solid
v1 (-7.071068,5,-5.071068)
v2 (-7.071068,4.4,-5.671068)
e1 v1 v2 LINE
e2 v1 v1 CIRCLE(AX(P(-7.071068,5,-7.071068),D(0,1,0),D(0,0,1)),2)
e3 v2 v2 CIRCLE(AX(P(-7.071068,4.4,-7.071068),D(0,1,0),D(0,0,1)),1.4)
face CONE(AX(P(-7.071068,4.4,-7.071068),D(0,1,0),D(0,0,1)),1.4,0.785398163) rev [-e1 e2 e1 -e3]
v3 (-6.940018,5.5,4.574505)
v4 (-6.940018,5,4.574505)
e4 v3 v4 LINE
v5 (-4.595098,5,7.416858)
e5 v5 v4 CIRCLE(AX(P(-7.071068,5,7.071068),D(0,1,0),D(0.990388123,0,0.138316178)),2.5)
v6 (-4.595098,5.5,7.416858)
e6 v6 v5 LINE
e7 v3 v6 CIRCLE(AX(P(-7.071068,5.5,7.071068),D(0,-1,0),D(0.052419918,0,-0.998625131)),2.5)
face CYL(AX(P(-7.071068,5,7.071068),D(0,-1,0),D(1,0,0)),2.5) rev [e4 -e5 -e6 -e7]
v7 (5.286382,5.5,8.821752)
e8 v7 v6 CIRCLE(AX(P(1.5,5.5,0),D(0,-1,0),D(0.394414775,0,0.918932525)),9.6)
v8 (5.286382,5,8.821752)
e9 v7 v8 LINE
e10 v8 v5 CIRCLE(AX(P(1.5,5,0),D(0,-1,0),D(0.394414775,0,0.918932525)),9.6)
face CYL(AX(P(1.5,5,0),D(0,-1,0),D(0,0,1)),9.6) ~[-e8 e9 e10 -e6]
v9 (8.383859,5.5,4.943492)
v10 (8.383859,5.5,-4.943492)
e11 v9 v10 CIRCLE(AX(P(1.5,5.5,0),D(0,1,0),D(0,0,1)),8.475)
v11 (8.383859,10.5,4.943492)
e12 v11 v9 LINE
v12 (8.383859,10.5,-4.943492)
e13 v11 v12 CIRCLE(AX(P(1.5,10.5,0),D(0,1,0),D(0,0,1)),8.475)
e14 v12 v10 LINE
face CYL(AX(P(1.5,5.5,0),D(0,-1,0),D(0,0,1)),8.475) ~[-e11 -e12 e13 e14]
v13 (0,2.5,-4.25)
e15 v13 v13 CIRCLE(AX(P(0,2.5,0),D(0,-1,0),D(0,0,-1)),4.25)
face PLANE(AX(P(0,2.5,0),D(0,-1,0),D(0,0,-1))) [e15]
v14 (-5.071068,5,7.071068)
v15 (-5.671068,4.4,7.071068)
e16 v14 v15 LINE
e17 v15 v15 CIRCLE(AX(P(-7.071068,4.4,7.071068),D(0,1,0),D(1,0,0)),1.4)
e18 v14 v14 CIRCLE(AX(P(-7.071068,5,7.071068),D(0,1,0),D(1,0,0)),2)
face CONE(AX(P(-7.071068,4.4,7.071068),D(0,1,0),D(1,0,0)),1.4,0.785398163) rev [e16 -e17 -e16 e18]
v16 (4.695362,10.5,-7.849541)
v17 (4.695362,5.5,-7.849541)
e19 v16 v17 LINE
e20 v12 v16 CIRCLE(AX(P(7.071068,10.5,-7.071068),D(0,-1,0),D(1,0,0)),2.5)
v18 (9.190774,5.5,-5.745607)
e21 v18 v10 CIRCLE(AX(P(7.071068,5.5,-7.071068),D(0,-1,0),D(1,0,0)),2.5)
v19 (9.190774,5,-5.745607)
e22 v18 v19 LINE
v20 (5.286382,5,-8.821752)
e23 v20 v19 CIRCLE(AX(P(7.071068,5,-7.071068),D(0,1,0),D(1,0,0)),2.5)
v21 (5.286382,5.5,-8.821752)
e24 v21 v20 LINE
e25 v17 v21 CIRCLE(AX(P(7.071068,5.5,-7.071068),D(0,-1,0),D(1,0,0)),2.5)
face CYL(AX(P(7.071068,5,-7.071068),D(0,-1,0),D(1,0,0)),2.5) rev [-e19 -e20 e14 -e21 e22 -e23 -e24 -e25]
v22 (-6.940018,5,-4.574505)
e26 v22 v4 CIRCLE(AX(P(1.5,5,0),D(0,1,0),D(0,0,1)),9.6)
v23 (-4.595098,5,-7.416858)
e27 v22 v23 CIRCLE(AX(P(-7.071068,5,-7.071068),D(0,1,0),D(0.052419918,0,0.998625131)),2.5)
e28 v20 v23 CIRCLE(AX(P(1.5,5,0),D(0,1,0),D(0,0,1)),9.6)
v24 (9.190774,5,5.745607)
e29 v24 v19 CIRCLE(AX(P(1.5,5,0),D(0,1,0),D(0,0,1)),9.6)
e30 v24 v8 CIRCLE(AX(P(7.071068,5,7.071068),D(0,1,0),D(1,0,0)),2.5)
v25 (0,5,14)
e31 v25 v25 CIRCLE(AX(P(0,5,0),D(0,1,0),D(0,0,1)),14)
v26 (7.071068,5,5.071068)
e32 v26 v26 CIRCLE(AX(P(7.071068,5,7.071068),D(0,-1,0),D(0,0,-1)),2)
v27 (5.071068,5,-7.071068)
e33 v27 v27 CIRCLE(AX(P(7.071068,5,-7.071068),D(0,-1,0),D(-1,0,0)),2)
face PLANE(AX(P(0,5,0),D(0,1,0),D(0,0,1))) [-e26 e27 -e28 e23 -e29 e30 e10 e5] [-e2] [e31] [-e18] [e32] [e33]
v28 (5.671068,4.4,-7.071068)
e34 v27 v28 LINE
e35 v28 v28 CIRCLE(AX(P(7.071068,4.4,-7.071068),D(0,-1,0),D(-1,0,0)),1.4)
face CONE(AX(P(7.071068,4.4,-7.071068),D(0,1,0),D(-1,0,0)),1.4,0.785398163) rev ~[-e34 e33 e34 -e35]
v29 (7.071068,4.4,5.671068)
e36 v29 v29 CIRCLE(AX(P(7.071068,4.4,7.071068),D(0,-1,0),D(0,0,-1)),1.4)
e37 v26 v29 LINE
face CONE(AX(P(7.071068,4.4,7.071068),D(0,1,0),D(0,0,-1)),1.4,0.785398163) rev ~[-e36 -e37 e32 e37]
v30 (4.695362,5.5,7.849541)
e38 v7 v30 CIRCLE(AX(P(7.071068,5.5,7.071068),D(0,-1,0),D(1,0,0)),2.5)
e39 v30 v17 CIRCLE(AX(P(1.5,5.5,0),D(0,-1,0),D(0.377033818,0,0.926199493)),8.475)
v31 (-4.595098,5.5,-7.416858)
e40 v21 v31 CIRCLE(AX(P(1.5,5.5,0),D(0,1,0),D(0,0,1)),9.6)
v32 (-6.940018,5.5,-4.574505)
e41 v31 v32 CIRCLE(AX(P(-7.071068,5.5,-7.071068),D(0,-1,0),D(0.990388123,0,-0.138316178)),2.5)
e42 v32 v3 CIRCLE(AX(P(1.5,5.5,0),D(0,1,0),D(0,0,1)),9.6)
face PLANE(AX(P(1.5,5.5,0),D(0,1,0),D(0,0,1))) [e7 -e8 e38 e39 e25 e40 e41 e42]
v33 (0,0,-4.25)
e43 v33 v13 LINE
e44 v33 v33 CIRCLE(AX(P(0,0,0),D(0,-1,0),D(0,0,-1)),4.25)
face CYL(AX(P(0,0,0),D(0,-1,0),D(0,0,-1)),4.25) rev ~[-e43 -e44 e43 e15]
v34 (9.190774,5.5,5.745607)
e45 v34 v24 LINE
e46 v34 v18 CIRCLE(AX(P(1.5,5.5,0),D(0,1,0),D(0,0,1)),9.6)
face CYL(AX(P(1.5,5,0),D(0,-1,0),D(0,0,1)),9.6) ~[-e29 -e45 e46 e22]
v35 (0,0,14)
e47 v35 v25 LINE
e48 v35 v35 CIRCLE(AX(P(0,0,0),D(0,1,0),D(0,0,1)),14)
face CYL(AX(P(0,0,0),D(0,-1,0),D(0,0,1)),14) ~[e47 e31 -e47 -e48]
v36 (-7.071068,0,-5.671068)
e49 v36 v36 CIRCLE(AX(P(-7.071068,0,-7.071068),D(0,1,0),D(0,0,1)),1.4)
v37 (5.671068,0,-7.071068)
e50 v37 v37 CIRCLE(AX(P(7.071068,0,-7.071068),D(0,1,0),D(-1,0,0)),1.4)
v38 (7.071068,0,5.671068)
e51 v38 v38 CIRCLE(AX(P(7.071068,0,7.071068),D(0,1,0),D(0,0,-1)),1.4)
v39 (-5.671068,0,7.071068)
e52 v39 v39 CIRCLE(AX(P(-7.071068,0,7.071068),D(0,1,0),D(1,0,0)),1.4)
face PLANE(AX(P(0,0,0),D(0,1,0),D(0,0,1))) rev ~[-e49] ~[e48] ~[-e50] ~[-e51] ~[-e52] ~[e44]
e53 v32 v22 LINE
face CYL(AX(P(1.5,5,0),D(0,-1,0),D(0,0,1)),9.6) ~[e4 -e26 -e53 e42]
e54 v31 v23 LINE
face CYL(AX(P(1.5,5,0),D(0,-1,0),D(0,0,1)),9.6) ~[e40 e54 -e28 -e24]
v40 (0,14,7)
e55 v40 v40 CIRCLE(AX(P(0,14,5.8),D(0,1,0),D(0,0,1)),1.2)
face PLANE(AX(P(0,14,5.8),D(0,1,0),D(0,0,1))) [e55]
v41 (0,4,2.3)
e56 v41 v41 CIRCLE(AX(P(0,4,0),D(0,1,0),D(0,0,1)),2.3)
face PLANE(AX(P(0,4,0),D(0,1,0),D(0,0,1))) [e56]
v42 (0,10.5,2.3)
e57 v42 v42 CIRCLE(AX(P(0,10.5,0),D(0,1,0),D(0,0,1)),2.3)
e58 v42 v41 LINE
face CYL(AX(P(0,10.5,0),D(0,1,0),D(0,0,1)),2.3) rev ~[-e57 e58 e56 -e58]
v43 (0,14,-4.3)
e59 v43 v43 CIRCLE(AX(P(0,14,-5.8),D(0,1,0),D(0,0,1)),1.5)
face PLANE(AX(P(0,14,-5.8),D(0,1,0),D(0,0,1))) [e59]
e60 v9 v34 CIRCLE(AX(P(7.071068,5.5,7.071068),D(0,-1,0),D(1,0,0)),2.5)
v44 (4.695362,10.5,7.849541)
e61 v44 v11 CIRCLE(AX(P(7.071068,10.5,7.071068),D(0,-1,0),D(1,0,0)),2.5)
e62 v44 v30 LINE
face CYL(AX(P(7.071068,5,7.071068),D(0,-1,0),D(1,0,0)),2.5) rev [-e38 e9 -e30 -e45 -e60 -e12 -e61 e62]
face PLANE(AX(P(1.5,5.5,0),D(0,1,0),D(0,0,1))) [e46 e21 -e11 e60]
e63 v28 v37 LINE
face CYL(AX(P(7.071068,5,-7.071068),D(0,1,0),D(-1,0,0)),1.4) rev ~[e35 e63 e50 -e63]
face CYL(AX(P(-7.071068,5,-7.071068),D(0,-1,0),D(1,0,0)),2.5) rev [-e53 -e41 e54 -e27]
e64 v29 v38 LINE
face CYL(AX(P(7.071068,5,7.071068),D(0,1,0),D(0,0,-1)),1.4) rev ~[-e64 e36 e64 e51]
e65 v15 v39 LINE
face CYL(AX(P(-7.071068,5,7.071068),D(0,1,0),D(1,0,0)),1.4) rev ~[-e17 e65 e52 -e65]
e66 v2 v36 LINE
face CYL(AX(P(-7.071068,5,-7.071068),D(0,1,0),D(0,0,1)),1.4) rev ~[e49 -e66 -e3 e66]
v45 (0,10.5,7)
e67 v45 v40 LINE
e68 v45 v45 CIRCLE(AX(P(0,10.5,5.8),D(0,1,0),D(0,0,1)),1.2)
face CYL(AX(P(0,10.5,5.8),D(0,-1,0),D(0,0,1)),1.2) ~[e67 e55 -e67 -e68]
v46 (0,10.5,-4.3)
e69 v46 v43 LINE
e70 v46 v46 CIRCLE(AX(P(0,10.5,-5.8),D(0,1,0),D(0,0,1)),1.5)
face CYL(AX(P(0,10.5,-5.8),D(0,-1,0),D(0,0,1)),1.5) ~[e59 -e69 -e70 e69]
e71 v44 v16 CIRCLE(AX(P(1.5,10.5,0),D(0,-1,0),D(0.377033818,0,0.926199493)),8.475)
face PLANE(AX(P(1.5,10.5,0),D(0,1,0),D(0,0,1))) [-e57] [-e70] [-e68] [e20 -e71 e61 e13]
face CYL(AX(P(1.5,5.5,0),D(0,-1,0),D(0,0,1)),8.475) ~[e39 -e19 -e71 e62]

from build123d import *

# Parameters (mm, degrees)
SKETCH1_R           = 14
BOSS_EXTRUDE1_DEPTH = 5
SKETCH2_R           = 9.6
BOSS_EXTRUDE2_DEPTH = 0.5
SKETCH3_R           = 8.475
BOSS_EXTRUDE3_DEPTH = 5
SKETCH4_R           = 1.4
CUT_EXTRUDE1_DEPTH  = 21.548722588
CIRPATTERN1_COUNT   = 4
SKETCH5_R           = 2.5
CUT_EXTRUDE2_DEPTH  = 21.548722588
CHAMFER1_SIZE       = 0.6
SKETCH6_R           = 4.25
CUT_EXTRUDE3_DEPTH  = 2.5
SKETCH7_R           = 2.3
CUT_EXTRUDE4_DEPTH  = 6.5
SKETCH8_R           = 1.5
SKETCH8_R_2         = 1.2
BOSS_EXTRUDE4_DEPTH = 3.5


with BuildPart() as part:
    # Sketch1 → Boss-Extrude1 (new body)
    with BuildSketch(Plane(origin=(0, 0, 0), x_dir=(1, 0, 0), z_dir=(0, 1, 0))):
        with Locations(Location((0, 0, 0), (0, 0, 270))):
            Circle(SKETCH1_R)
    extrude(amount=BOSS_EXTRUDE1_DEPTH)

    # Sketch2 → Boss-Extrude2 (add)
    with BuildSketch(Plane(origin=(0, 5, 0), x_dir=(1, 0, 0), z_dir=(0, 1, 0))):
        with Locations(Location((1.5, 0, 0), (0, 0, 270))):
            Circle(SKETCH2_R)
    extrude(amount=BOSS_EXTRUDE2_DEPTH)

    # Sketch3 → Boss-Extrude3 (add)
    with BuildSketch(Plane(origin=(0, 5.5, 0), x_dir=(1, 0, 0), z_dir=(0, 1, 0))):
        with Locations(Location((1.5, 0, 0), (0, 0, 270))):
            Circle(SKETCH3_R)
    extrude(amount=BOSS_EXTRUDE3_DEPTH)

    # Sketch4 → Cut-Extrude1 (cut, through all)
    with BuildSketch(Plane(origin=(0, 5, 0), x_dir=(1, 0, 0), z_dir=(0, 1, 0))):
        with Locations(Location((-7.071067812, 7.071067812, 0), (0, 0, 270))):
            Circle(SKETCH4_R)
    cut_extrude1 = extrude(amount=-CUT_EXTRUDE1_DEPTH, mode=Mode.SUBTRACT)

    # CirPattern1: Cut-Extrude1 ×4 about axis
    cirpattern1_axis = Axis((0, 0, 0), (0, 1, 0))
    for i in range(1, CIRPATTERN1_COUNT):
        add(cut_extrude1.rotate(cirpattern1_axis, i * 360 / CIRPATTERN1_COUNT), mode=Mode.SUBTRACT)

    # Sketch5 → Cut-Extrude2 (cut, through all)
    with BuildSketch(Plane(origin=(0, 5, 0), x_dir=(1, 0, 0), z_dir=(0, 1, 0))):
        with Locations((-7.071067812, 7.071067812)):
            Circle(SKETCH5_R)
        with Locations((7.071067812, 7.071067812)):
            Circle(SKETCH5_R)
        with Locations((7.071067812, -7.071067812)):
            Circle(SKETCH5_R)
        with Locations((-7.071067812, -7.071067812)):
            Circle(SKETCH5_R)
    extrude(amount=CUT_EXTRUDE2_DEPTH, mode=Mode.SUBTRACT)

    # Chamfer1
    chamfer1_edges = [part.edges().sort_by_distance(p)[0] for p in [
        (-7.071067812, 5, -8.471067812),
        (8.471067812, 5, -7.071067812),
        (7.071067812, 5, 8.471067812),
        (-8.471067812, 5, 7.071067812),
    ]]
    chamfer(chamfer1_edges, length=CHAMFER1_SIZE)

    # Sketch6 → Cut-Extrude3 (cut)
    with BuildSketch(Plane.XZ):
        with Locations(Location((0, 0, 0), (0, 0, 270))):
            Circle(SKETCH6_R)
    extrude(amount=-CUT_EXTRUDE3_DEPTH, mode=Mode.SUBTRACT)

    # Sketch7 → Cut-Extrude4 (cut)
    with BuildSketch(Plane(origin=(0, 10.5, 0), x_dir=(1, 0, 0), z_dir=(0, 1, 0))):
        with Locations(Location((0, 0, 0), (0, 0, 270))):
            Circle(SKETCH7_R)
    extrude(amount=-CUT_EXTRUDE4_DEPTH, mode=Mode.SUBTRACT)

    # Sketch8 → Boss-Extrude4 (add)
    with BuildSketch(Plane(origin=(0, 10.5, 0), x_dir=(1, 0, 0), z_dir=(0, 1, 0))):
        with Locations(Location((0, 5.8, 0), (0, 0, 270))):
            Circle(SKETCH8_R)
        with Locations(Location((0, -5.8, 0), (0, 0, 270))):
            Circle(SKETCH8_R_2)
    extrude(amount=BOSS_EXTRUDE4_DEPTH)


solid = part.part
